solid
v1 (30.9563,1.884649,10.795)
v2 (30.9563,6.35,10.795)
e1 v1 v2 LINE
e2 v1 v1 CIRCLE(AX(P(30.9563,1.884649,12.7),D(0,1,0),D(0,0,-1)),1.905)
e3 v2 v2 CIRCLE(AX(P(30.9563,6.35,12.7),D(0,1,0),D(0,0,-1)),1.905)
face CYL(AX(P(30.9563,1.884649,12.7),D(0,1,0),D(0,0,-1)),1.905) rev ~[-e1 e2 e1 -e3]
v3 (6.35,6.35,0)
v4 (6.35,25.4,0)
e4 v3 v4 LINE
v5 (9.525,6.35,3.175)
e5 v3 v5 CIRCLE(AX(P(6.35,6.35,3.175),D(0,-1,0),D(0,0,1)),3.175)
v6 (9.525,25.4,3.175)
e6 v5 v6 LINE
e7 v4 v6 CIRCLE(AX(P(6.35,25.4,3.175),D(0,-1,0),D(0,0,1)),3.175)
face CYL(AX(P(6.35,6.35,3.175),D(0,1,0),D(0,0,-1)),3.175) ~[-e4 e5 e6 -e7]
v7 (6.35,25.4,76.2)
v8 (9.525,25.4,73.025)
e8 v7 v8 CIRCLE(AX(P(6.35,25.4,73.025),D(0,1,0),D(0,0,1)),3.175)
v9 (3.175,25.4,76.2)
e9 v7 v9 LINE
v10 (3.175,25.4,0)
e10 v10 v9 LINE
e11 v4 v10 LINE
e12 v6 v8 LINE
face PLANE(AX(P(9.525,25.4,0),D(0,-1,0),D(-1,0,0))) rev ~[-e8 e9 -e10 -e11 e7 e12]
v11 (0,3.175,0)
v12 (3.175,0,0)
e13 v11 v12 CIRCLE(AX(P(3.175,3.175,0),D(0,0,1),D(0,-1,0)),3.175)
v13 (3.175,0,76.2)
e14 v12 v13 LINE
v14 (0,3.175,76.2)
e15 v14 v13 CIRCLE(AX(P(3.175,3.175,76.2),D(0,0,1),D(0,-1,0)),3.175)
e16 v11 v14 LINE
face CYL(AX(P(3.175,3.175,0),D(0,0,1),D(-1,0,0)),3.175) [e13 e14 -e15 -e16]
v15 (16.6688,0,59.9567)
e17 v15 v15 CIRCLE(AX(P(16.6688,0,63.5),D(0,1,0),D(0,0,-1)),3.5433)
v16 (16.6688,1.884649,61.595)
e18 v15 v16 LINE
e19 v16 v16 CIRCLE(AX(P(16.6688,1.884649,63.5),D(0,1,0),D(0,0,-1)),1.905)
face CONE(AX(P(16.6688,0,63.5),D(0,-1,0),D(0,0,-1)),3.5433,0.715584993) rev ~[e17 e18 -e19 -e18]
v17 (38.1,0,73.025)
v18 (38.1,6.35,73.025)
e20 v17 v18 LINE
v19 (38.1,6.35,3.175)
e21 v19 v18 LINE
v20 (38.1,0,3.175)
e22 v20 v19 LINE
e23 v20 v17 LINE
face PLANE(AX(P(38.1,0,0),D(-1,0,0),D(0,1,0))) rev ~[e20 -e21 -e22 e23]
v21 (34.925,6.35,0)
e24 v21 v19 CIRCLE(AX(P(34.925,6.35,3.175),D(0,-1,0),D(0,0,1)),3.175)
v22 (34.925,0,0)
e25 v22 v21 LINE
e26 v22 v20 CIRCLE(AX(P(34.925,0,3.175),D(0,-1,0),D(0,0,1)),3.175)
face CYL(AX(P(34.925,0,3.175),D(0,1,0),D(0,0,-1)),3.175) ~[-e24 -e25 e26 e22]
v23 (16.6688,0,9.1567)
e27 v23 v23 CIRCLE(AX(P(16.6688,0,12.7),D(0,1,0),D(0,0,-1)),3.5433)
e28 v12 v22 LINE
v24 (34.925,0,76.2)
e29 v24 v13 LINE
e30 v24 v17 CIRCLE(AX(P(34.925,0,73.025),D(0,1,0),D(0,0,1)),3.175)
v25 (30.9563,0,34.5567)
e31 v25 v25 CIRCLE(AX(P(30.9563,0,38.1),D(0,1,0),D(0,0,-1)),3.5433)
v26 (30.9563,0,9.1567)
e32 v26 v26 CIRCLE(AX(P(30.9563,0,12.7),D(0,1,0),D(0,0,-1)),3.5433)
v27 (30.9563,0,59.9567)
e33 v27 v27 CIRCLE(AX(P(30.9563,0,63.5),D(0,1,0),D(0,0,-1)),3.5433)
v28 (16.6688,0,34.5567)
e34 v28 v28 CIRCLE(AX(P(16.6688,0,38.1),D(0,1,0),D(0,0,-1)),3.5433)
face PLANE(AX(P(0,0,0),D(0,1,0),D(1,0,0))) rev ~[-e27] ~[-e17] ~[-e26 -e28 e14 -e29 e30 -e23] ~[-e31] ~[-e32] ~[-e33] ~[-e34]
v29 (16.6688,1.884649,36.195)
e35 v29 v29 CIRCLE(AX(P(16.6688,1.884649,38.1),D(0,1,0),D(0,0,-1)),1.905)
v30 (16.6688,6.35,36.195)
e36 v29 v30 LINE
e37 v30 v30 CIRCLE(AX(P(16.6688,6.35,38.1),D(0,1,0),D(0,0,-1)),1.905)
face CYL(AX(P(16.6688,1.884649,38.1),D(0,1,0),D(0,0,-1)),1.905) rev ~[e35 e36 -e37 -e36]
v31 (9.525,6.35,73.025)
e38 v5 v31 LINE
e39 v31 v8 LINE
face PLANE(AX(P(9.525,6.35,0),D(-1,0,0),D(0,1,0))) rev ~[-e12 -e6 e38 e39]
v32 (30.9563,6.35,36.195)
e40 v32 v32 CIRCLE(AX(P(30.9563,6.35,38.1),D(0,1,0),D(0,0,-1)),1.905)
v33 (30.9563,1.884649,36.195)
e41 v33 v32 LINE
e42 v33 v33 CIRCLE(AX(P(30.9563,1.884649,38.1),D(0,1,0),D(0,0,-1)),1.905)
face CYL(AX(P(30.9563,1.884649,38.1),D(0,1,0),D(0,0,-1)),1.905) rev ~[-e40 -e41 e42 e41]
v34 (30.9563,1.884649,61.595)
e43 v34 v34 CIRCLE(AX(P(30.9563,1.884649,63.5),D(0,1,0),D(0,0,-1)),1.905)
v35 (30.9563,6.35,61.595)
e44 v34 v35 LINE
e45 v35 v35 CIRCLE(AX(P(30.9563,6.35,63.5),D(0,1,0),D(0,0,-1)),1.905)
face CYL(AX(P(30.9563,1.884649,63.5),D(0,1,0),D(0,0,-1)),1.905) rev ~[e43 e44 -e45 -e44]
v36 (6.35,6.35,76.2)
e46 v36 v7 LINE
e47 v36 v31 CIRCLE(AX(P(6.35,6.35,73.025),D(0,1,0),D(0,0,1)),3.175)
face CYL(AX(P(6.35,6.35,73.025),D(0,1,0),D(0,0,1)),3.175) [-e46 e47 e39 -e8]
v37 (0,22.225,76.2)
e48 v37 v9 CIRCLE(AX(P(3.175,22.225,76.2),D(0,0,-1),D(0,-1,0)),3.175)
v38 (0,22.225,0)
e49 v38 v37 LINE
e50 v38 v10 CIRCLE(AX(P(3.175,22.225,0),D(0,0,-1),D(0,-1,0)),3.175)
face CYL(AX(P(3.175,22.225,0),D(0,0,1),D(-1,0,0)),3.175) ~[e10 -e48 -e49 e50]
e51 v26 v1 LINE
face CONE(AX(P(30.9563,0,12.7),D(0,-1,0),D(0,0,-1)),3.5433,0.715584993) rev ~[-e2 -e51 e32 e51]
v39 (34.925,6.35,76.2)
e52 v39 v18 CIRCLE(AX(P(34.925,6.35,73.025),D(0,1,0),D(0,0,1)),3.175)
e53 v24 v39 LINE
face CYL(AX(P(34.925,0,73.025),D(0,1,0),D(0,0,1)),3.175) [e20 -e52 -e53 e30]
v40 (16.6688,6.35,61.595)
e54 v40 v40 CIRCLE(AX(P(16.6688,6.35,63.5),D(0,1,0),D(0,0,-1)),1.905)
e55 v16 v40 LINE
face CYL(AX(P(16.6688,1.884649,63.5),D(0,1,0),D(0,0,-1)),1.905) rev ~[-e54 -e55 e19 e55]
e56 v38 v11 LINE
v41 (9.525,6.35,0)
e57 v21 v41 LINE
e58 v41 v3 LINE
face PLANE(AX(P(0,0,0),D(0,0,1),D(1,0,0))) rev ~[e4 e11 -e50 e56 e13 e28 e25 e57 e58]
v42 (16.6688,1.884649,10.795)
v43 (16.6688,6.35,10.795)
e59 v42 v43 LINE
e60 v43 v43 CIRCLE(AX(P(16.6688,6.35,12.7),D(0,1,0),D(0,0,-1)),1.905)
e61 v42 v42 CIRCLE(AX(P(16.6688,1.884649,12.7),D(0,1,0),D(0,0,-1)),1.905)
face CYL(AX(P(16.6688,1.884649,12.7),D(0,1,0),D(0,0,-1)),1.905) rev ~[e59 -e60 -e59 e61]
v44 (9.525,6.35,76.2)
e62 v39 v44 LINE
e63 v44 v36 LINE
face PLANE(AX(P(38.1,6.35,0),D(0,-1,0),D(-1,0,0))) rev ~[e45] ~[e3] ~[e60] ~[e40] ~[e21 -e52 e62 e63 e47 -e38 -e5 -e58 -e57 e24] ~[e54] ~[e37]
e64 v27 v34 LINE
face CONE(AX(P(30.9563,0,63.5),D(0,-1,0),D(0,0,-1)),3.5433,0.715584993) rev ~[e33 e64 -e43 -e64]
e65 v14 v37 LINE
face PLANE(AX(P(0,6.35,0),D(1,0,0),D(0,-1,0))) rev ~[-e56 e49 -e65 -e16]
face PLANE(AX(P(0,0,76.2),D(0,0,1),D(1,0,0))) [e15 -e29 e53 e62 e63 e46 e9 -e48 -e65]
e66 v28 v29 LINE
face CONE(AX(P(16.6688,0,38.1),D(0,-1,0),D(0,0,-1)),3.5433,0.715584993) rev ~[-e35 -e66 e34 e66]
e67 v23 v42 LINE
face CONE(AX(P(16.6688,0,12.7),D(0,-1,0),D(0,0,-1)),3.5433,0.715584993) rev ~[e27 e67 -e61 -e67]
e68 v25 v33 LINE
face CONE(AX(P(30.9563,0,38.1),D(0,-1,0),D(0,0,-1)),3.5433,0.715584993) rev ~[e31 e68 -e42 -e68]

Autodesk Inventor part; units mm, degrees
ref_plane "YZ Plane" through (0, 0, 0) normal (1, 0, 0) x (0, 1, 0)
ref_plane "XZ Plane" through (0, 0, 0) normal (0, 1, 0) x (-1, 0, 0)
ref_plane "XY Plane" through (0, 0, 0) normal (0, 0, 1) x (1, 0, 0)
sketch "Sketch1" plane through (0, 0, 0) normal (0, 0, 1) x (1, 0, 0)
  line L0 (0, 0) -> (9.525, 0)
  line L1 (9.525, 0) -> (9.525, 25.4)
  line L2 (9.525, 25.4) -> (0, 25.4)
  line L3 (0, 25.4) -> (0, 0)
  line L4 (0, 0) -> (38.1, 0)
  line L5 (38.1, 0) -> (38.1, 6.35)
  line L6 (38.1, 6.35) -> (0, 6.35)
  line L7 (0, 6.35) -> (0, 0)
  line L8 (9.525, 25.4) -> (12.7508, 25.4)
  line L9 (12.7508, 25.4) -> (12.7508, 0) construction
  line L10 (12.7508, 0) -> (9.525, 0)
  line L11 (9.525, 0) -> (9.525, 25.4)
  point P0 (9.525, 6.35)
  dimension "d0" = 9.525
  dimension "d1" = 25.4
  dimension "d2" = 38.1
  dimension "d3" = 6.35
  dimension "d4" = 3.2258
extrude "Extrusion1" add sketch "Sketch1" along normal blind 76.2
sketch "Sketch2" plane through (9.525, 0, 0) normal (0, 1, 0) x (1, 0, 0)
  line L0 (28.575, -76.2) -> (0, -76.2) projected
  line L1 (14.2875, -76.2) -> (14.2875, 0) construction
  line L2 (28.575, 0) -> (0, 0) projected
  line L3 (28.575, 0) -> (28.575, -76.2) projected
  point P0 (-9.525, 0)
  point P1 (21.4312, -63.5)
  point P2 (21.4312, -38.1)
  point P3 (21.4312, -12.7)
  point P4 (7.1437, -63.5)
  point P5 (7.1437, -38.1)
  point P6 (7.1437, -12.7)
  dimension "d8" = 7.1437
  dimension "d9" = 14.2875
  dimension "d10" = 12.7
  dimension "d13" = 25.4
  dimension "d16" = 14.2875
hole "Hole1" at (30.9563, 0, 63.5) at (30.9563, 0, 38.1) at (30.9563, 0, 12.7) at (16.6688, 0, 63.5) at (16.6688, 0, 38.1) at (16.6688, 0, 12.7) direction (0, 1, 0) diameter 3.81 end through all countersink diameter 7.0866 countersink angle 82 clearance for "Flat Head Machine Screw (82)" size "#6" standard "Ansi Unified Screw Threads"
fillet "Fillet1" radius 3.175 5 edges at (9.525, 15.875, 76.2) (9.525, 15.875, 0) (38.1, 3.175, 76.2) (38.1, 3.175, 0) (0, 0, 38.1)
fillet "Fillet2" radius 3.175 1 edges at (0, 25.4, 38.1)
equation "\"d8\" = 0.5 * d9"
equation "\"d16\" = d9"
properties part number "Arena Top Bracket"
